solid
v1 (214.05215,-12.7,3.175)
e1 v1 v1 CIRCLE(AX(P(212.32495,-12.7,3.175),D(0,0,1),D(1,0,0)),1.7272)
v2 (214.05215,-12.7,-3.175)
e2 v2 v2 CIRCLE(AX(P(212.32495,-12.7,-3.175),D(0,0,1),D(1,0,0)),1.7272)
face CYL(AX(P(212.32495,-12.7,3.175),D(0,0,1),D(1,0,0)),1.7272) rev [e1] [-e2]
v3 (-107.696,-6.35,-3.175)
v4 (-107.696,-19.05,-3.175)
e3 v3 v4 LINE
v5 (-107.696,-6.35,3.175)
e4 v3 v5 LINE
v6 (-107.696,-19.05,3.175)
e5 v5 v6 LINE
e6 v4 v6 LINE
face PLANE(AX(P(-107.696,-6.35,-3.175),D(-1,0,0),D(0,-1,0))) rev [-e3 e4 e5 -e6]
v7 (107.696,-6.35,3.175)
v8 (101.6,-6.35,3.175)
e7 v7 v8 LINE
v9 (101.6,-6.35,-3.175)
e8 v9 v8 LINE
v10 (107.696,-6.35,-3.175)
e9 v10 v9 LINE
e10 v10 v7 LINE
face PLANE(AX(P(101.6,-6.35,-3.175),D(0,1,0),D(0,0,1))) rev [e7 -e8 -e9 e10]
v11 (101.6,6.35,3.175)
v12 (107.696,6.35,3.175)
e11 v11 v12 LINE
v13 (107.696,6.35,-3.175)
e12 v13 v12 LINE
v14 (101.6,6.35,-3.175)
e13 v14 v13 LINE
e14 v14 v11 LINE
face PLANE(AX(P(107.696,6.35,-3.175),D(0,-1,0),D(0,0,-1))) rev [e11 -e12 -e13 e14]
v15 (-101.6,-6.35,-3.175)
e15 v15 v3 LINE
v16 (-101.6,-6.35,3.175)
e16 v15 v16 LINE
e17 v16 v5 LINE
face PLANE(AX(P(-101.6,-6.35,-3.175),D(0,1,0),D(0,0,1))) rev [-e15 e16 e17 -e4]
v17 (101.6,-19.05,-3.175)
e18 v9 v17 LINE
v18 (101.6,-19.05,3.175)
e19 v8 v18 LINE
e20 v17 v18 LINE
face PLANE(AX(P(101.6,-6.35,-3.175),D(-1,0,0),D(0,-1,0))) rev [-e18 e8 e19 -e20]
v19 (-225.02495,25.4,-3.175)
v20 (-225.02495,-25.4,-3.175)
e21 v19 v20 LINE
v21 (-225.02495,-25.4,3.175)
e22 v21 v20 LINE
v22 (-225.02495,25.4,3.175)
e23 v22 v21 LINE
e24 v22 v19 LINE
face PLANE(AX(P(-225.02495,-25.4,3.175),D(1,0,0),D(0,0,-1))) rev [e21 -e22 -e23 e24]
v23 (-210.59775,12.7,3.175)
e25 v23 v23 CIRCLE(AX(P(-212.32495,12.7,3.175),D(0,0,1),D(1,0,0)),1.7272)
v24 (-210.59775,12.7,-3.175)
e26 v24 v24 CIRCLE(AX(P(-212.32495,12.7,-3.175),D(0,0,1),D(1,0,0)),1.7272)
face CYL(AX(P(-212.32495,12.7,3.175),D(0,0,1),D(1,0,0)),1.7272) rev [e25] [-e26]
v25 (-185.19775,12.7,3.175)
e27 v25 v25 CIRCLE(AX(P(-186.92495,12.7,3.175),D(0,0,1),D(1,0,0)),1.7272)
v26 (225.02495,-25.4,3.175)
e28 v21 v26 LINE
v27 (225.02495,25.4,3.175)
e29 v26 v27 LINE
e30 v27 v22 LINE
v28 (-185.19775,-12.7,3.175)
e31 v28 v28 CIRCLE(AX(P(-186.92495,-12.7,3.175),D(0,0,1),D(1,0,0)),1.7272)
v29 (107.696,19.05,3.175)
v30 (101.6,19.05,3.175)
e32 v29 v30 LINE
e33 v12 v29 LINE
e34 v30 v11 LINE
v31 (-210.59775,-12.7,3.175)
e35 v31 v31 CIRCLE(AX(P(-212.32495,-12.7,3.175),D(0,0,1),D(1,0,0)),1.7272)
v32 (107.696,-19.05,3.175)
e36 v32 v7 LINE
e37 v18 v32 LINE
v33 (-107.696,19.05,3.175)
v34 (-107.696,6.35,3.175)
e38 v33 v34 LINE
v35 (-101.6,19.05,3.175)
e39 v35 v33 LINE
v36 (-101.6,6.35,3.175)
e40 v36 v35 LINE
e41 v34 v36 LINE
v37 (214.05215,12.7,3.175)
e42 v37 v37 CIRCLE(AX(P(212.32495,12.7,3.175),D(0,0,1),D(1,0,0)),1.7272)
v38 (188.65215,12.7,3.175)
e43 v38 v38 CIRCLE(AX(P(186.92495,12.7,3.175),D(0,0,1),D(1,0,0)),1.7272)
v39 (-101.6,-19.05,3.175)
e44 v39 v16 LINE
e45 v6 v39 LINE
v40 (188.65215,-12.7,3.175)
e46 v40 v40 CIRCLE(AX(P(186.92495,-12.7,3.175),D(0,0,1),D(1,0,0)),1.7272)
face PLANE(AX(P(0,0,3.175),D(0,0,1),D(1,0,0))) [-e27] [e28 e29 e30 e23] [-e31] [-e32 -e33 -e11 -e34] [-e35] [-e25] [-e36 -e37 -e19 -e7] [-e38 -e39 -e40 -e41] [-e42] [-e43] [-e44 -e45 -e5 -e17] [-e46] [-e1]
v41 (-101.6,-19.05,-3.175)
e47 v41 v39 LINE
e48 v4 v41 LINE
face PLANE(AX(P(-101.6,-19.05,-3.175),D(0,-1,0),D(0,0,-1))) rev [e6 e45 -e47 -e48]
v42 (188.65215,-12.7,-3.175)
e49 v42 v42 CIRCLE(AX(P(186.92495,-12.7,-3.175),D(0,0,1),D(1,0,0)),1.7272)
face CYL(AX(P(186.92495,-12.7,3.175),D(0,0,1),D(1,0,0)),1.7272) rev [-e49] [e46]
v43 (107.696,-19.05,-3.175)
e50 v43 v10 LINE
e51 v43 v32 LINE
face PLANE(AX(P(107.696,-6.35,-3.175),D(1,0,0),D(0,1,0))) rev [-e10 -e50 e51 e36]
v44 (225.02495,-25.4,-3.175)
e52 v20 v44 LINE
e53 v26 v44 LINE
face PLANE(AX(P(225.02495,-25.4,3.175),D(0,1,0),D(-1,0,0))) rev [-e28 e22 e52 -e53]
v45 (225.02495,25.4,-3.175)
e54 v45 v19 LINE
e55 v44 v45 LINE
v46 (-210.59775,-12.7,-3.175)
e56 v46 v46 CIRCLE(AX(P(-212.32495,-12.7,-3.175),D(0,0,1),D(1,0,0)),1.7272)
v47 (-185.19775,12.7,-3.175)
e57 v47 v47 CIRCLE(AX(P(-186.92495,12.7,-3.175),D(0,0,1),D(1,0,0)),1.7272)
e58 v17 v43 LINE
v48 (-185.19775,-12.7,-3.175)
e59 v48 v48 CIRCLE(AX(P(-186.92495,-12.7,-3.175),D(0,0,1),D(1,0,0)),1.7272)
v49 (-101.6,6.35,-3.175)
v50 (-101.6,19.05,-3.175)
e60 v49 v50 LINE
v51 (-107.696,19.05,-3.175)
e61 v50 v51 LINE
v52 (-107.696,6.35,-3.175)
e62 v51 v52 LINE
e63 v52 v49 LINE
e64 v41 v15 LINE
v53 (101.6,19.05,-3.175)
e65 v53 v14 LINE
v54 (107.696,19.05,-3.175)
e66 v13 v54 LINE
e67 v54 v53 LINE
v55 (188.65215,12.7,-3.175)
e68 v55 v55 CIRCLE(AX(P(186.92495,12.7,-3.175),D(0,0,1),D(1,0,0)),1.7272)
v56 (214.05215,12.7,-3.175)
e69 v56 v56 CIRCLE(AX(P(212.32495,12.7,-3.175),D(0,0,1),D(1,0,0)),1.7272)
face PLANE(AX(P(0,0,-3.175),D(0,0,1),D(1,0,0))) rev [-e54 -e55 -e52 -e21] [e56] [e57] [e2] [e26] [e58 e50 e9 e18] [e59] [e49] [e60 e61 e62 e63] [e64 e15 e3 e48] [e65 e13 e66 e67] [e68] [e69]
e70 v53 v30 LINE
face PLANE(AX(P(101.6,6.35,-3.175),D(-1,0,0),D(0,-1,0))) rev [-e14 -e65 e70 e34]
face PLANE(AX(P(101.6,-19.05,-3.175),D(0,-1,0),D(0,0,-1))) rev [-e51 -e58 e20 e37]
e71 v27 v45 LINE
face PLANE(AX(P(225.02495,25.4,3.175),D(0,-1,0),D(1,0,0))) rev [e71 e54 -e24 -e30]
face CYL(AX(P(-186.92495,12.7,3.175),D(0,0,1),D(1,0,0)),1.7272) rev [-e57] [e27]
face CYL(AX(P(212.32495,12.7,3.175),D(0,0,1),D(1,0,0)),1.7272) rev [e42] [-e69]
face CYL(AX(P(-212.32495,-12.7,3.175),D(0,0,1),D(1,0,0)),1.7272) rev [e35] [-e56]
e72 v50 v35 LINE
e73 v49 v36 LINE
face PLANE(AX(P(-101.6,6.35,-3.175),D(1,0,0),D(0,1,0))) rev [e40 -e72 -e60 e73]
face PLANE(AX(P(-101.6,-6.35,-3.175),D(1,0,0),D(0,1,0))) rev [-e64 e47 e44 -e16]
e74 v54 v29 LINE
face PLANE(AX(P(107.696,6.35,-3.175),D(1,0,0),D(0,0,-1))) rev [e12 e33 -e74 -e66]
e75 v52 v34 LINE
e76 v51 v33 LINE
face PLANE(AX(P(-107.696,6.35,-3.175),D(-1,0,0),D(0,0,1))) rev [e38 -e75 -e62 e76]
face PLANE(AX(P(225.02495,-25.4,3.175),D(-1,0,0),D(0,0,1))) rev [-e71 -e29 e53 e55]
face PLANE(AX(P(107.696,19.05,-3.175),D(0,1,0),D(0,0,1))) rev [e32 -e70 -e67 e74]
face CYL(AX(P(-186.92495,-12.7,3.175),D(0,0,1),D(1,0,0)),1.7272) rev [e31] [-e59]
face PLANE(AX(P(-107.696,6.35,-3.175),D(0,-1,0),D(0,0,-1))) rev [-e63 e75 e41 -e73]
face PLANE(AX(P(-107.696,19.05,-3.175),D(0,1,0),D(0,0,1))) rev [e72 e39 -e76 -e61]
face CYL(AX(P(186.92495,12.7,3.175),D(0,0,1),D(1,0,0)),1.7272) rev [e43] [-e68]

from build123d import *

# Parameters (mm, degrees)
SKETCH2_W             = 450.0499
SKETCH2_H             = 50.8
BOSS_EXTRUDE1_DEPTH   = 3.175
F_8_32_TAPPED_HOLE1_D = 3.4544
SKETCH5_W             = 6.096
SKETCH5_H             = 12.7
CUT_EXTRUDE1_DEPTH    = 227.542955358


with BuildPart() as part:
    # Sketch2 → Boss-Extrude1 (new, symmetric)
    with BuildSketch(Plane.XY):
        Rectangle(SKETCH2_W, SKETCH2_H)
    extrude(amount=BOSS_EXTRUDE1_DEPTH, both=True)

    # #8-32 Tapped Hole1 (through all)
    with Locations(Plane.XY.offset(3.175)):
        with Locations((-212.32495, 12.7), (-212.32495, -12.7), (212.32495, 12.7), (212.32495, -12.7), (-186.92495, 12.7), (-186.92495, -12.7), (186.92495, 12.7), (186.92495, -12.7)):
            Hole(F_8_32_TAPPED_HOLE1_D / 2)

    # Sketch5 → Cut-Extrude1 (cut, through all)
    with BuildSketch(Plane.XY.offset(3.175)):
        with Locations((-104.648, 12.7)):
            Rectangle(SKETCH5_W, SKETCH5_H)
        with Locations((-104.648, -12.7)):
            Rectangle(SKETCH5_W, SKETCH5_H)
        with Locations((104.648, 12.7)):
            Rectangle(SKETCH5_W, SKETCH5_H)
        with Locations((104.648, -12.7)):
            Rectangle(SKETCH5_W, SKETCH5_H)
    extrude(amount=-CUT_EXTRUDE1_DEPTH, mode=Mode.SUBTRACT)


solid = part.part
